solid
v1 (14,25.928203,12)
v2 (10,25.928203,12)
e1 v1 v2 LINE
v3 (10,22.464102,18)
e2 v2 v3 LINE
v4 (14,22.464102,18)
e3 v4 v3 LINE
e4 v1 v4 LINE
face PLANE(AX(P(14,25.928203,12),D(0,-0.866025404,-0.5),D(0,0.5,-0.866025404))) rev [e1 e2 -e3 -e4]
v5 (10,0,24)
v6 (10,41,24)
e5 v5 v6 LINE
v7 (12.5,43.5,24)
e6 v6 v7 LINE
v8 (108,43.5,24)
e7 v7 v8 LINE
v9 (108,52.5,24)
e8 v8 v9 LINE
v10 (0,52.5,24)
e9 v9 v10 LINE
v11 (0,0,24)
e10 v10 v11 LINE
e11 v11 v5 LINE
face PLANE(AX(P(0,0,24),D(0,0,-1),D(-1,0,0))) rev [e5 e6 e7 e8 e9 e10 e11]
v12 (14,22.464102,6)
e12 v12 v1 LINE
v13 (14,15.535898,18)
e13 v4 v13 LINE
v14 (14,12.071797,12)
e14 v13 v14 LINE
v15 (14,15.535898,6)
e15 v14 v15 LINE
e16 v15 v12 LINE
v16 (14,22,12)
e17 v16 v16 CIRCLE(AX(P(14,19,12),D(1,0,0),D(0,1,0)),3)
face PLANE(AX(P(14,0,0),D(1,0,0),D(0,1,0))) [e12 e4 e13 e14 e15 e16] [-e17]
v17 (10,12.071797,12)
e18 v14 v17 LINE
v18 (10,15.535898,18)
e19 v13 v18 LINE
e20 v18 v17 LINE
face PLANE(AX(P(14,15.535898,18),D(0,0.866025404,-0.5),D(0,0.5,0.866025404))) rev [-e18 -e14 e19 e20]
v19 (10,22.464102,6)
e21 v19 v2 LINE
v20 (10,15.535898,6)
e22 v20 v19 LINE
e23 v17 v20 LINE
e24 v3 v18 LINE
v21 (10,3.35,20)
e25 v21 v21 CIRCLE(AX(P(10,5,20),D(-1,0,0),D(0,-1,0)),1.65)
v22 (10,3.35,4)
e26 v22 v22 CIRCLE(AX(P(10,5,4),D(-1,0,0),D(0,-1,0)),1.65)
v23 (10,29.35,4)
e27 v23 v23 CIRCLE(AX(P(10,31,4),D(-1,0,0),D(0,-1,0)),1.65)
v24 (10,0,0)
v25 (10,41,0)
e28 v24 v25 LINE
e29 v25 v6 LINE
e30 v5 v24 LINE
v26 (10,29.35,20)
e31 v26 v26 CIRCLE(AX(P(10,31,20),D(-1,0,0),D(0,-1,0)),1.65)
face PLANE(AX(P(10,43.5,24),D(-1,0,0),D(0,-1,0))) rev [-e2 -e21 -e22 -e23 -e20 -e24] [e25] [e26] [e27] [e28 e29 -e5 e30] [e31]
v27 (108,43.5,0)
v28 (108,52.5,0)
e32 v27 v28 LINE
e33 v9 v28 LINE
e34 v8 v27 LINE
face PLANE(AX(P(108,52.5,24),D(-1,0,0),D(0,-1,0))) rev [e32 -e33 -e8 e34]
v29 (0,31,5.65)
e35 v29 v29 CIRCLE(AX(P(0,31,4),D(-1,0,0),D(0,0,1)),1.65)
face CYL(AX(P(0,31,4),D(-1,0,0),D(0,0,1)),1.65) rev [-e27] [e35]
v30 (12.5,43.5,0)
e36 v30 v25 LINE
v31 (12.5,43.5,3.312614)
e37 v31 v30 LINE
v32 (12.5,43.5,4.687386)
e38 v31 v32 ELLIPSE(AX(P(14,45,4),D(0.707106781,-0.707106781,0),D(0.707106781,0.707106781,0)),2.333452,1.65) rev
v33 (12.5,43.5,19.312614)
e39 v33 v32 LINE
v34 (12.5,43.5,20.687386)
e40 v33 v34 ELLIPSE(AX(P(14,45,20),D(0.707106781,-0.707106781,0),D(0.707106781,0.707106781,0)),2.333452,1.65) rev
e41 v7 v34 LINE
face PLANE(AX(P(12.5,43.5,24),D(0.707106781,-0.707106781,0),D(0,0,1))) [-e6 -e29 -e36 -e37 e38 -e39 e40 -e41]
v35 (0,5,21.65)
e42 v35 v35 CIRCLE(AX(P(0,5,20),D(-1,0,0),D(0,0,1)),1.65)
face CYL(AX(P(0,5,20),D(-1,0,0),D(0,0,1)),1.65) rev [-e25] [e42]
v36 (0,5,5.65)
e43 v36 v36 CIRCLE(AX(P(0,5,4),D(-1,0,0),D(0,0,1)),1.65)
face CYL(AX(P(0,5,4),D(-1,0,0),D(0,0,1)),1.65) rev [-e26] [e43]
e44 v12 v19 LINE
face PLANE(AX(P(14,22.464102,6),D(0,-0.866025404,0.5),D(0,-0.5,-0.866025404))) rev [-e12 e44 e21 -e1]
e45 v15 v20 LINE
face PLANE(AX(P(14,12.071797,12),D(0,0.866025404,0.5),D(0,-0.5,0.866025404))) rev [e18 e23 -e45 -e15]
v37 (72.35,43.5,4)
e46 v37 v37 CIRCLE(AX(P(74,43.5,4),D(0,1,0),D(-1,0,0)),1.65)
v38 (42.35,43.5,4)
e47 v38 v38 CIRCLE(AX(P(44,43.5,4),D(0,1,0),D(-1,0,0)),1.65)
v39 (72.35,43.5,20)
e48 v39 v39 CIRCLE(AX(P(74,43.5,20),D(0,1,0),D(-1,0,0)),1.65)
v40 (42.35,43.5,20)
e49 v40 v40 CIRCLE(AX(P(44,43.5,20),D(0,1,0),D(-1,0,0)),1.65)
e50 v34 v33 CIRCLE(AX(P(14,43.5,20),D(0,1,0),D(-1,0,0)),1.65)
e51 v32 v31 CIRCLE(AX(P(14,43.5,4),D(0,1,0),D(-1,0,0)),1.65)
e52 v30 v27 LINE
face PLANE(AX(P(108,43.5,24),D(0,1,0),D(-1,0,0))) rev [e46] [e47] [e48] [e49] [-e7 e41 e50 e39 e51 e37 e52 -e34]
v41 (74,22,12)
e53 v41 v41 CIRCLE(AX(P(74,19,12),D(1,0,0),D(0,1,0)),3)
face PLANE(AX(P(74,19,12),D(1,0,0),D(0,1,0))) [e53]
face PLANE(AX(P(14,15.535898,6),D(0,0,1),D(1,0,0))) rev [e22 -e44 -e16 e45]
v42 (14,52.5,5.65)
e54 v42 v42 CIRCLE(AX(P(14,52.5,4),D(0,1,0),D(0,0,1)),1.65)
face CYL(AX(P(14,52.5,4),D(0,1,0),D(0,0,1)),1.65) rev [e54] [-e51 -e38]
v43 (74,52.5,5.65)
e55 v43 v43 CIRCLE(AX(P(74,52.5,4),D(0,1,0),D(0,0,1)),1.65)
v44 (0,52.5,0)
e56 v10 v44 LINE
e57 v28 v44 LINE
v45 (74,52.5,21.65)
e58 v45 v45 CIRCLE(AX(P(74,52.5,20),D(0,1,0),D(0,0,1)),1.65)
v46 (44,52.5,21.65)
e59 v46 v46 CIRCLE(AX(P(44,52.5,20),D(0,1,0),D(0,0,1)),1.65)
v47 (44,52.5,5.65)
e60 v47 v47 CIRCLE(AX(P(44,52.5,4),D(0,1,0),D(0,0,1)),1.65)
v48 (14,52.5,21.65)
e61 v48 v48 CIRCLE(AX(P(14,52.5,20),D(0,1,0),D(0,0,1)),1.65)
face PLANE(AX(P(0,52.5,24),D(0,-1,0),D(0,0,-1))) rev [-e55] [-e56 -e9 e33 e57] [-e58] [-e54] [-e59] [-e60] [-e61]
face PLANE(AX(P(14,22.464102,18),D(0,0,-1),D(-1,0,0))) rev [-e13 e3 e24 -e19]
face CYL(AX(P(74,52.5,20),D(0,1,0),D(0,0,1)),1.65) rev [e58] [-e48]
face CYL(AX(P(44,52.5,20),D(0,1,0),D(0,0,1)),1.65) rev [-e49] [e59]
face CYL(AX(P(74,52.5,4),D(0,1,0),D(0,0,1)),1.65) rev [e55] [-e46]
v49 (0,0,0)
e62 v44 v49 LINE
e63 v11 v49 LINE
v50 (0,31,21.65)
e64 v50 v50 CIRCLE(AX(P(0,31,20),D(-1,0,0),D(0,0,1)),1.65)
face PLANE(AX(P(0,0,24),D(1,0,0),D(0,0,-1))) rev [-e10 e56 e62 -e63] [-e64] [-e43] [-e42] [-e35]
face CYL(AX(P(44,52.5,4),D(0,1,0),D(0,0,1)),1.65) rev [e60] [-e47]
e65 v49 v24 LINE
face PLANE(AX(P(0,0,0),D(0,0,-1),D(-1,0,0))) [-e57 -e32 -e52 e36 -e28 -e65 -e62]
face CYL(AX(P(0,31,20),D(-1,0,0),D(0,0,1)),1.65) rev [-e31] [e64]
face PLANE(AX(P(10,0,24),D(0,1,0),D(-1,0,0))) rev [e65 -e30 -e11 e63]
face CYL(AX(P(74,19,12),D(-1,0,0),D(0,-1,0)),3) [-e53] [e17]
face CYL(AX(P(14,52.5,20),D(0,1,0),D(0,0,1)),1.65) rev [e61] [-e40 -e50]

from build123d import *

# Parameters (mm, degrees)
BOSS_EXTRUDE1_DEPTH       = 24
CHAMFER1_SIZE             = 2.5
BOSS_EXTRUDE2_DEPTH       = 4
SKETCH3_R                 = 3
BOSS_EXTRUDE3_DEPTH       = 60
M4X0_7_TAPPED_HOLE1_D     = 3.3
M4X0_7_TAPPED_HOLE1_DEPTH = 10.1
M4X0_7_TAPPED_HOLE1_TIP   = 0.991420021
M4X0_7_TAPPED_HOLE2_D     = 3.3
M4X0_7_TAPPED_HOLE2_DEPTH = 10.1
M4X0_7_TAPPED_HOLE2_TIP   = 0.991420021


with BuildPart() as part:
    # Sketch1 → Boss-Extrude1 (new body)
    with BuildSketch(Plane.XY):
        Polygon((0, 0), (0, 52.5), (108, 52.5), (108, 43.5), (10, 43.5), (10, 0), align=None)
    extrude(amount=BOSS_EXTRUDE1_DEPTH)

    # Chamfer1
    chamfer1_edges = [part.edges().sort_by_distance(p)[0] for p in [
        (10, 43.5, 12),
    ]]
    chamfer(chamfer1_edges, length=CHAMFER1_SIZE)

    # Sketch2 → Boss-Extrude2 (add)
    with BuildSketch(Plane(origin=(10, 0, 0), x_dir=(0, 0, -1), z_dir=(1, 0, 0))):
        Polygon((-6, 22.464101615), (-12, 25.92820323), (-18, 22.464101615), (-18, 15.535898385), (-12, 12.07179677), (-6, 15.535898385), align=None)
    extrude(amount=BOSS_EXTRUDE2_DEPTH)

    # Sketch3 → Boss-Extrude3 (add)
    with BuildSketch(Plane(origin=(14, 0, 0), x_dir=(0, 0, -1), z_dir=(1, 0, 0))):
        with Locations(Location((-12, 19, 0), (0, 0, 90))):
            Circle(SKETCH3_R)
    extrude(amount=BOSS_EXTRUDE3_DEPTH)

    # M4x0.7 Tapped Hole1
    with Locations(Plane(origin=(0, 52.5, 0), x_dir=(1, 0, 0), z_dir=(0, 1, 0))):
        with Locations((14, -4), (44, -4), (74, -4), (74, -20), (44, -20), (14, -20)):
            Hole(M4X0_7_TAPPED_HOLE1_D / 2, depth=M4X0_7_TAPPED_HOLE1_DEPTH)
            with Locations((0, 0, -(M4X0_7_TAPPED_HOLE1_DEPTH + M4X0_7_TAPPED_HOLE1_TIP / 2))):  # 118° drill point
                Cone(0, M4X0_7_TAPPED_HOLE1_D / 2, M4X0_7_TAPPED_HOLE1_TIP, mode=Mode.SUBTRACT)

    # M4x0.7 Tapped Hole2
    with Locations(Plane.ZY):
        with Locations((4, 31), (20, 31), (20, 5), (4, 5)):
            Hole(M4X0_7_TAPPED_HOLE2_D / 2, depth=M4X0_7_TAPPED_HOLE2_DEPTH)
            with Locations((0, 0, -(M4X0_7_TAPPED_HOLE2_DEPTH + M4X0_7_TAPPED_HOLE2_TIP / 2))):  # 118° drill point
                Cone(0, M4X0_7_TAPPED_HOLE2_D / 2, M4X0_7_TAPPED_HOLE2_TIP, mode=Mode.SUBTRACT)


solid = part.part
